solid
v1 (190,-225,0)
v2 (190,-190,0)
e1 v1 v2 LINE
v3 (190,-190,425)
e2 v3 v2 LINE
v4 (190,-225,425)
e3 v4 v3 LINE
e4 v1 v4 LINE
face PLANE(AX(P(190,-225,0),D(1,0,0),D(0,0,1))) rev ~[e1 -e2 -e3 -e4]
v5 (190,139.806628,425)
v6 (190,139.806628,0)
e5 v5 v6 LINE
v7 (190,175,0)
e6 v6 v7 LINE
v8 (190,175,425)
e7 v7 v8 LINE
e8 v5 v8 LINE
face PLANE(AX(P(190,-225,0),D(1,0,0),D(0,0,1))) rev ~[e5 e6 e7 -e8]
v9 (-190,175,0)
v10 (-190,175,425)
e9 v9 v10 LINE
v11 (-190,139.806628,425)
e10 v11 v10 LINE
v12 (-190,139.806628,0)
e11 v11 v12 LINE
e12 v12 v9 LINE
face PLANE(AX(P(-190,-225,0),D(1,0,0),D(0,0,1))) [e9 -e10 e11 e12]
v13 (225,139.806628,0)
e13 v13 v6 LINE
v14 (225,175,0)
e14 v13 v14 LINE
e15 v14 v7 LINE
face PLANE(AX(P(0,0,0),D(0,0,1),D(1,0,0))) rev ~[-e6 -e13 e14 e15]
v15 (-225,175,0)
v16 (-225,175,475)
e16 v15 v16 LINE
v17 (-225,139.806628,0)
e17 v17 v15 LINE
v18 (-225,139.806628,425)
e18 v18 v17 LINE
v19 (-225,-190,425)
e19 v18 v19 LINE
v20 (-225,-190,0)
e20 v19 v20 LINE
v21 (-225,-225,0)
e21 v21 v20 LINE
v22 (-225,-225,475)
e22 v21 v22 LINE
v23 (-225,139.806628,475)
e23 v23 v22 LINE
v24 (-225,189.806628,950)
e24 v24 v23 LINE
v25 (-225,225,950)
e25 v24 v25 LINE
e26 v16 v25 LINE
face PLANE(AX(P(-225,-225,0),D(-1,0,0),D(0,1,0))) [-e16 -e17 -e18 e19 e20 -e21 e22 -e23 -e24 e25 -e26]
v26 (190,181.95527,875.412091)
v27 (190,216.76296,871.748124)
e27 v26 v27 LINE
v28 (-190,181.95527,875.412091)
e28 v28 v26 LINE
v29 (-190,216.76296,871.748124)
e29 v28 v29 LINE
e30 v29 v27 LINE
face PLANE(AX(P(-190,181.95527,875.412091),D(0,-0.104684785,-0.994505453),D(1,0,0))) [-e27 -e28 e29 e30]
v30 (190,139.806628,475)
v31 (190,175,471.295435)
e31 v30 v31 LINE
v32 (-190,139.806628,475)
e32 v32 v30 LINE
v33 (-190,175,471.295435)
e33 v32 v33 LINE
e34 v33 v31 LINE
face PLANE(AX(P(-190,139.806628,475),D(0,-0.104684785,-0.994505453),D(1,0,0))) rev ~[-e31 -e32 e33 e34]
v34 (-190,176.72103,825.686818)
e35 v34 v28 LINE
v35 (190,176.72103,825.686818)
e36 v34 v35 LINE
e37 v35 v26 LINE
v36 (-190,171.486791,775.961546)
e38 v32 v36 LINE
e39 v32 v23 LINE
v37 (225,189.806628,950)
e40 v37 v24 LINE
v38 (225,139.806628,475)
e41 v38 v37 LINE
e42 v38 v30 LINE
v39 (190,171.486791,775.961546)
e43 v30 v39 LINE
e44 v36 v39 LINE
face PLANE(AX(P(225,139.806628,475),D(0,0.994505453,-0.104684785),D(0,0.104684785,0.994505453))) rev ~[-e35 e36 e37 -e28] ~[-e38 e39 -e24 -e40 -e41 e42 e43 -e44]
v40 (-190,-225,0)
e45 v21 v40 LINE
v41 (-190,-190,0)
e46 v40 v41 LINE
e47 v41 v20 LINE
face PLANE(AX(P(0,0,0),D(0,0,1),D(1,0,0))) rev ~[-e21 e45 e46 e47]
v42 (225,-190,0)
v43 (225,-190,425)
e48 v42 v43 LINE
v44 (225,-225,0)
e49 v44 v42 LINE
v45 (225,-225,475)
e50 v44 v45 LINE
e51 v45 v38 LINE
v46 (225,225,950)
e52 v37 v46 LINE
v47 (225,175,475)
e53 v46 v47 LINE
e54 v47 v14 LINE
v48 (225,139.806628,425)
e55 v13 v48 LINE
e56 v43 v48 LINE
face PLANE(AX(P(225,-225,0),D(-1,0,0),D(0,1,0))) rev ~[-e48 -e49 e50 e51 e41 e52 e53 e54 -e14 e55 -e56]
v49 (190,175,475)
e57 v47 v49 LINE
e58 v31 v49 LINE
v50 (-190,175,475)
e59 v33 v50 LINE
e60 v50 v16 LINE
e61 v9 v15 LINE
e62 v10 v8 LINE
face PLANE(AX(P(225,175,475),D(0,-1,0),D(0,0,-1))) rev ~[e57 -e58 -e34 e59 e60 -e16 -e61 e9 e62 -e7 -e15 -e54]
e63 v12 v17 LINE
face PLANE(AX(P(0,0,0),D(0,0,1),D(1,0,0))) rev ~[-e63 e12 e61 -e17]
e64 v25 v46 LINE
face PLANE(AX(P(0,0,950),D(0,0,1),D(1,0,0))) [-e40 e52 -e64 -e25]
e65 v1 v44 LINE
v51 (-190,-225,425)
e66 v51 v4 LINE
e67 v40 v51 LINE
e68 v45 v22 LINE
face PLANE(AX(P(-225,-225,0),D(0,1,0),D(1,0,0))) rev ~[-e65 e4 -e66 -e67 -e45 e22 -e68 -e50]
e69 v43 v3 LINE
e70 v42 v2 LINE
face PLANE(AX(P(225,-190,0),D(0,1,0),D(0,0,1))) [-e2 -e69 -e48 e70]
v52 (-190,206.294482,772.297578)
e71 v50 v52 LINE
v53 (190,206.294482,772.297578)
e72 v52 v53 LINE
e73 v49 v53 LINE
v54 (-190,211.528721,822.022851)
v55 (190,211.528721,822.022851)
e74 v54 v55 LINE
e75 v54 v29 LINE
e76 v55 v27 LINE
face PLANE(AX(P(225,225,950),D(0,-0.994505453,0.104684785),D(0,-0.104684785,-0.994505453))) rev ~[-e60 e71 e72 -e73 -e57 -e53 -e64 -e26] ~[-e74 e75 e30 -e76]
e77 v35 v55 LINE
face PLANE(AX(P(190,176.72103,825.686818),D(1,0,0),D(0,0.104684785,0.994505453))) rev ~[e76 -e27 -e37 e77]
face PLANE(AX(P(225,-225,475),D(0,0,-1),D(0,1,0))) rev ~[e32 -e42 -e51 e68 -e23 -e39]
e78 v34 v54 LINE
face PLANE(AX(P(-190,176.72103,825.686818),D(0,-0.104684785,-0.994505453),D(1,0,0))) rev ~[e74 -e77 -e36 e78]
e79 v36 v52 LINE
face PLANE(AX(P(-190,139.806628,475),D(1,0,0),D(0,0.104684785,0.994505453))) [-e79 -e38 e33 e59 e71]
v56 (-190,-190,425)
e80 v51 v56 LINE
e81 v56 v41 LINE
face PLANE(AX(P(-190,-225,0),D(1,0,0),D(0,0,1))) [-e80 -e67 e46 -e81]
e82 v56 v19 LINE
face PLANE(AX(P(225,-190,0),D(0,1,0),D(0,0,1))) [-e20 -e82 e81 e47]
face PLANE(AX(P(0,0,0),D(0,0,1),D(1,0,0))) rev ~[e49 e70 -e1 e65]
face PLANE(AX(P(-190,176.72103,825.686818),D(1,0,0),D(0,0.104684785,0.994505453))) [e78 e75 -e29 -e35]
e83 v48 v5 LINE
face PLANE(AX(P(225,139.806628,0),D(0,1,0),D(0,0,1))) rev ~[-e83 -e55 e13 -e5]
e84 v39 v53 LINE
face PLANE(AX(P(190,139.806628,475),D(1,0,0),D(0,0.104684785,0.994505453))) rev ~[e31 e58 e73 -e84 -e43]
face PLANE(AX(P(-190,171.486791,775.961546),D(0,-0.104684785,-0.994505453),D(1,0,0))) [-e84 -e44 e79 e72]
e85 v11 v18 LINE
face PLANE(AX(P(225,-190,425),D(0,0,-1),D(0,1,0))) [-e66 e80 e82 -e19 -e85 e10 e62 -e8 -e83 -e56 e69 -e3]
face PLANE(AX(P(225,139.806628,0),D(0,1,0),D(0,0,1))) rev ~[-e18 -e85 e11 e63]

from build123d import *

# Parameters (mm, degrees)
F0_W     = 450
F0_H     = 450
F1_DEPTH = 950
F2_W     = 50
F2_H     = 50
F2_W_2   = 329.8066283627
F2_H_2   = 425
F3_DEPTH = 450.001
F4_W     = 380
F4_H     = 425
F5_DEPTH = 450.001
F6_W     = 380
F6_H     = 302.6243293636
F6_H_2   = 50
F7_DEPTH = 134.4515452921


with BuildPart() as f1:
    # F0 (on Top) → F1 (new body)
    with BuildSketch(Plane.XY):
        Rectangle(F0_W, F0_H)
    extrude(amount=F1_DEPTH)

    # F2 (on face) → F3 (cut, through all)
    with BuildSketch(Plane.YZ.offset(225)):
        with Locations((200, 450)):
            Rectangle(F2_W, F2_H)
        Polygon((-225, 950), (-225, 475), (139.8066283627, 475), (189.8066283627, 950), align=None)
        Polygon((225, 950), (175, 475), (225, 475), align=None)
        with Locations((-25.0966858187, 212.5)):
            Rectangle(F2_W_2, F2_H_2)
        with Locations((200, 212.5)):
            Rectangle(F2_W, F2_H_2)
    extrude(amount=-F3_DEPTH, mode=Mode.SUBTRACT)

    # F4 (on face) → F5 (cut, through all)
    with BuildSketch(Plane.XZ.offset(225)):
        with Locations((0, 212.5)):
            Rectangle(F4_W, F4_H)
    extrude(amount=-F5_DEPTH, mode=Mode.SUBTRACT)

    # F6 (on face) → F7 (cut, through all)
    with BuildSketch(Plane(origin=(0, 88.8224461341, -9.349731172), x_dir=(1, 0, 0), z_dir=(0, -0.9945054529, 0.1046847845))):
        with Locations((0, 638.3378815838)):
            Rectangle(F6_W, F6_H)
        with Locations((0, 864.6500462656)):
            Rectangle(F6_W, F6_H_2)
    extrude(amount=-F7_DEPTH, mode=Mode.SUBTRACT)


solid = f1.part
